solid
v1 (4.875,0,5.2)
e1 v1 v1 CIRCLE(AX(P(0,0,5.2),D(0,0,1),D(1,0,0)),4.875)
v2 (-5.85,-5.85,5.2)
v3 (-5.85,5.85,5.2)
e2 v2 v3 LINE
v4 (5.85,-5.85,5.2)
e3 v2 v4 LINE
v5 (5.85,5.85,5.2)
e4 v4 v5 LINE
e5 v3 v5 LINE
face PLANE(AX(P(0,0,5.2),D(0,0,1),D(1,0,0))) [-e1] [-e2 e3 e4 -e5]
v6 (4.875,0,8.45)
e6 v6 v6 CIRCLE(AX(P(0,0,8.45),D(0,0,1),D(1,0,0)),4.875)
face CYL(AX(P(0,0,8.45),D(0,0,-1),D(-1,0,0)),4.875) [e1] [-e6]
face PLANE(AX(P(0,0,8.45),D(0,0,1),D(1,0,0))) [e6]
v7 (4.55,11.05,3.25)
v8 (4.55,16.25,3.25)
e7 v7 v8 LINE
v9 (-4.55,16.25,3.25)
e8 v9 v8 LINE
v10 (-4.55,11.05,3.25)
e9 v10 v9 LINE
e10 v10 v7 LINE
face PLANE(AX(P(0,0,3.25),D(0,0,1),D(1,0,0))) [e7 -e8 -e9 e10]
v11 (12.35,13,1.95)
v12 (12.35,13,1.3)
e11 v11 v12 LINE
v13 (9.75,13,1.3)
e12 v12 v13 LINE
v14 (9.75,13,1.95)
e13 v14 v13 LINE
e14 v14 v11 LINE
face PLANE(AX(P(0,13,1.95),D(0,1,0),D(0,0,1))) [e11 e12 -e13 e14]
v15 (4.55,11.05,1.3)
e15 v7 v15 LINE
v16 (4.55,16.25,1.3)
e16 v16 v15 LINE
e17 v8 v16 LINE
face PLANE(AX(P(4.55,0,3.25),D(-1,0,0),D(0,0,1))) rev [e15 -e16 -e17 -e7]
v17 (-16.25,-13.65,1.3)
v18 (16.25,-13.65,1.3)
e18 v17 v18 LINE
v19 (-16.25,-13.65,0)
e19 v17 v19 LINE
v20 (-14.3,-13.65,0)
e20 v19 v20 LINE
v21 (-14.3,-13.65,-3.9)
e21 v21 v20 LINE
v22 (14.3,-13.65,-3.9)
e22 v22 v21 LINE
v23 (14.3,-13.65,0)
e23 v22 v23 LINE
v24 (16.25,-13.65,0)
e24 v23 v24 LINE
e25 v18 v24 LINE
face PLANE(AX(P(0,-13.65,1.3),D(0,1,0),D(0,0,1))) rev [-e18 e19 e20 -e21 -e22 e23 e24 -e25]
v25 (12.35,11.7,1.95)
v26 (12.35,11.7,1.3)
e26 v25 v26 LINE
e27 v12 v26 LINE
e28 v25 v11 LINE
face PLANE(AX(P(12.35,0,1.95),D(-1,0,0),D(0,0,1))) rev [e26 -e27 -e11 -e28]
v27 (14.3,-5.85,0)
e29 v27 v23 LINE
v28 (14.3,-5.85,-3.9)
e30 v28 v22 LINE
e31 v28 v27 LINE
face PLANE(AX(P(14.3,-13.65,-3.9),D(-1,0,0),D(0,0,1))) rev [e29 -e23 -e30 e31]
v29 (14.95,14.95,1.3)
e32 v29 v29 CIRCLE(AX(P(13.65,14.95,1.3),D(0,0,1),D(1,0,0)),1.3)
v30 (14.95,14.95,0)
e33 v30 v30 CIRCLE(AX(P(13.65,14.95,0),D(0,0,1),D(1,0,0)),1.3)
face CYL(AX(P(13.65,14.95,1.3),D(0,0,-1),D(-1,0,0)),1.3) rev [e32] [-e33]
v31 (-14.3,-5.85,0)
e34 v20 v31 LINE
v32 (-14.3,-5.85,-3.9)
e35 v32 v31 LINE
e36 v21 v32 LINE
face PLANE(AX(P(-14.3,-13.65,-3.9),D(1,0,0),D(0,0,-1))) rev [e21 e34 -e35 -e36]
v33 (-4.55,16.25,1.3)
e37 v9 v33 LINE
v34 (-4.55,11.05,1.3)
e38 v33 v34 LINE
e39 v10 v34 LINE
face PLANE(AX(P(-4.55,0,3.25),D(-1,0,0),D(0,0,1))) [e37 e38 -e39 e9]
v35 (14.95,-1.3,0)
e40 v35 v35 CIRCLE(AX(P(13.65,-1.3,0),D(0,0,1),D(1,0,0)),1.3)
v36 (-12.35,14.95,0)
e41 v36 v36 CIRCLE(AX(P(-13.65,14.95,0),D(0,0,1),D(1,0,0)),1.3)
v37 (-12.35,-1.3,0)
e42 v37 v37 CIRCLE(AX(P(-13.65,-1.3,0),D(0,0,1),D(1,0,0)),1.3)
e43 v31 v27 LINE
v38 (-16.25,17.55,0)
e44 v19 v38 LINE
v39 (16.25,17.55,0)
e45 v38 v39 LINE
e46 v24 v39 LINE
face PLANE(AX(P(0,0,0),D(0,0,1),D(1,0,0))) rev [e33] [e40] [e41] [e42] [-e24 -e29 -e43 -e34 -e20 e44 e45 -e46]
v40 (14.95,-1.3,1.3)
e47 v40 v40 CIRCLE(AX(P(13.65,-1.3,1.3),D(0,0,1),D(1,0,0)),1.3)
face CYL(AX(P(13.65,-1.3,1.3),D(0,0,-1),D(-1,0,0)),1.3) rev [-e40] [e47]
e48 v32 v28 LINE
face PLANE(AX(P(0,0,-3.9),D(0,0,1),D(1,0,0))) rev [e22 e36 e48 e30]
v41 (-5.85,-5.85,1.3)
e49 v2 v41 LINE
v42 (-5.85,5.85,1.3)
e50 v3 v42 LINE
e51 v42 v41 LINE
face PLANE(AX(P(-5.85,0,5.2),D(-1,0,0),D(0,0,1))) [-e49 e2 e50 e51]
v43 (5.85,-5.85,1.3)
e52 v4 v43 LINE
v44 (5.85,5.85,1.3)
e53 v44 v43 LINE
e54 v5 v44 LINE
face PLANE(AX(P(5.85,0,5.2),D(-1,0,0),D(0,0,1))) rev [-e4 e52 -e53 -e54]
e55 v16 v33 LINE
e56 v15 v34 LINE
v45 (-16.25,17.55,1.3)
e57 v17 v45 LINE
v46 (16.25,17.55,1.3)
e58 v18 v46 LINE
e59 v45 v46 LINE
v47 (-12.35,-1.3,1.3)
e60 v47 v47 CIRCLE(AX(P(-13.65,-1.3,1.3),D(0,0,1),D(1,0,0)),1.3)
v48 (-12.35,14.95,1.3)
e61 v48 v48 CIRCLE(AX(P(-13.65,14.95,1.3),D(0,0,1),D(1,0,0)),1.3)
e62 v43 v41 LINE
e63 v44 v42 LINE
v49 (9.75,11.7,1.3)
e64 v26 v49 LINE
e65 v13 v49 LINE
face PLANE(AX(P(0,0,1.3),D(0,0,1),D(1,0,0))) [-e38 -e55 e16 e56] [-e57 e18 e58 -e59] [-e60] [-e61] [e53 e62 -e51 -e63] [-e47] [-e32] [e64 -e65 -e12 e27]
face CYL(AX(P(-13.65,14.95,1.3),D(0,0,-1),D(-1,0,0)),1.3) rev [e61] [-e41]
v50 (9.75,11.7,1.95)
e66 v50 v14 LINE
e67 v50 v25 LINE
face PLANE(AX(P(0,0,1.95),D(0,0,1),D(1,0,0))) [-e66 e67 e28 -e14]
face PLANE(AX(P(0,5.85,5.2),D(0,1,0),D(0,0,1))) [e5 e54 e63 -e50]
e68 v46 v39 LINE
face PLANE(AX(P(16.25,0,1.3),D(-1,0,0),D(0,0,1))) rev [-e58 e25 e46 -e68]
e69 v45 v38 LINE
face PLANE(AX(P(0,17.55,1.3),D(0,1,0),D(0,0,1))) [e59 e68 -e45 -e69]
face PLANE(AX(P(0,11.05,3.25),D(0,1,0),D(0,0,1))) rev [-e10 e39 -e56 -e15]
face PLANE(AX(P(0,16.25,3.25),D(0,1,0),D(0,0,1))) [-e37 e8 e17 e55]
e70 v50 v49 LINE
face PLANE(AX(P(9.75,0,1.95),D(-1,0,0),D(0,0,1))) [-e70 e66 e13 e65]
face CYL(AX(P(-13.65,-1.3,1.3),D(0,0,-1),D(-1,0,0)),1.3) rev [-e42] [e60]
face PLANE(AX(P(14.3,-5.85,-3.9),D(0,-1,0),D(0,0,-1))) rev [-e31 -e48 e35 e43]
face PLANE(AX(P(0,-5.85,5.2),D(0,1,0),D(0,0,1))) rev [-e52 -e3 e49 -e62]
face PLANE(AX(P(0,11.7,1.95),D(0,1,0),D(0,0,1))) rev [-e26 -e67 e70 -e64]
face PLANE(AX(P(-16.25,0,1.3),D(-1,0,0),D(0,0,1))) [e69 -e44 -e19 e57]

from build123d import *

# Parameters (mm, degrees)
CROQUIS1_W              = 25
CROQUIS1_H              = 24
CROQUIS1_R              = 1
SALIENTE_EXTRUIR1_DEPTH = 1
CROQUIS1_3_W            = 2
CROQUIS1_3_H            = 1
SALIENTE_EXTRUIR2_DEPTH = 1.5
CROQUIS1_4_W            = 7
CROQUIS1_4_H            = 4
SALIENTE_EXTRUIR3_DEPTH = 2.5
CROQUIS1_5_W            = 9
CROQUIS1_5_H            = 9
SALIENTE_EXTRUIR4_DEPTH = 4
CROQUIS3_R              = 3.75
SALIENTE_EXTRUIR5_DEPTH = 2.5
CROQUIS4_W              = 22
CROQUIS4_H              = 6
SALIENTE_EXTRUIR6_DEPTH = 3
SCALE1_SCALE            = 1.3


with BuildPart() as part:
    # Croquis1 → Saliente-Extruir1 (new body)
    with BuildSketch(Plane.XY):
        with Locations((0, 1.5)):
            Rectangle(CROQUIS1_W, CROQUIS1_H)
        with Locations((-10.5, -1)):
            Circle(CROQUIS1_R, mode=Mode.SUBTRACT)
        with Locations((10.5, -1)):
            Circle(CROQUIS1_R, mode=Mode.SUBTRACT)
        with Locations((-10.5, 11.5)):
            Circle(CROQUIS1_R, mode=Mode.SUBTRACT)
        with Locations((10.5, 11.5)):
            Circle(CROQUIS1_R, mode=Mode.SUBTRACT)
    extrude(amount=SALIENTE_EXTRUIR1_DEPTH)

    # Croquis1<3> → Saliente-Extruir2 (add)
    with BuildSketch(Plane.XY):
        with Locations((8.5, 9.5)):
            Rectangle(CROQUIS1_3_W, CROQUIS1_3_H)
    extrude(amount=SALIENTE_EXTRUIR2_DEPTH)

    # Croquis1<4> → Saliente-Extruir3 (add)
    with BuildSketch(Plane.XY):
        with Locations((0, 10.5)):
            Rectangle(CROQUIS1_4_W, CROQUIS1_4_H)
    extrude(amount=SALIENTE_EXTRUIR3_DEPTH)

    # Croquis1<5> → Saliente-Extruir4 (add)
    with BuildSketch(Plane.XY):
        Rectangle(CROQUIS1_5_W, CROQUIS1_5_H)
    extrude(amount=SALIENTE_EXTRUIR4_DEPTH)

    # Croquis3 → Saliente-Extruir5 (add)
    with BuildSketch(Plane.XY.offset(4)):
        Circle(CROQUIS3_R)
    extrude(amount=SALIENTE_EXTRUIR5_DEPTH)

    # Croquis4 → Saliente-Extruir6 (add)
    with BuildSketch(Plane(origin=(0, 0, 0), x_dir=(-1, 0, 0), z_dir=(0, 0, -1))):
        with Locations((0, -7.5)):
            Rectangle(CROQUIS4_W, CROQUIS4_H)
    extrude(amount=SALIENTE_EXTRUIR6_DEPTH)


with BuildPart() as part_1:
    # Scale1: scaled about (0, 0, 0)
    add(part.part.scale(SCALE1_SCALE))


solid = part_1.part
